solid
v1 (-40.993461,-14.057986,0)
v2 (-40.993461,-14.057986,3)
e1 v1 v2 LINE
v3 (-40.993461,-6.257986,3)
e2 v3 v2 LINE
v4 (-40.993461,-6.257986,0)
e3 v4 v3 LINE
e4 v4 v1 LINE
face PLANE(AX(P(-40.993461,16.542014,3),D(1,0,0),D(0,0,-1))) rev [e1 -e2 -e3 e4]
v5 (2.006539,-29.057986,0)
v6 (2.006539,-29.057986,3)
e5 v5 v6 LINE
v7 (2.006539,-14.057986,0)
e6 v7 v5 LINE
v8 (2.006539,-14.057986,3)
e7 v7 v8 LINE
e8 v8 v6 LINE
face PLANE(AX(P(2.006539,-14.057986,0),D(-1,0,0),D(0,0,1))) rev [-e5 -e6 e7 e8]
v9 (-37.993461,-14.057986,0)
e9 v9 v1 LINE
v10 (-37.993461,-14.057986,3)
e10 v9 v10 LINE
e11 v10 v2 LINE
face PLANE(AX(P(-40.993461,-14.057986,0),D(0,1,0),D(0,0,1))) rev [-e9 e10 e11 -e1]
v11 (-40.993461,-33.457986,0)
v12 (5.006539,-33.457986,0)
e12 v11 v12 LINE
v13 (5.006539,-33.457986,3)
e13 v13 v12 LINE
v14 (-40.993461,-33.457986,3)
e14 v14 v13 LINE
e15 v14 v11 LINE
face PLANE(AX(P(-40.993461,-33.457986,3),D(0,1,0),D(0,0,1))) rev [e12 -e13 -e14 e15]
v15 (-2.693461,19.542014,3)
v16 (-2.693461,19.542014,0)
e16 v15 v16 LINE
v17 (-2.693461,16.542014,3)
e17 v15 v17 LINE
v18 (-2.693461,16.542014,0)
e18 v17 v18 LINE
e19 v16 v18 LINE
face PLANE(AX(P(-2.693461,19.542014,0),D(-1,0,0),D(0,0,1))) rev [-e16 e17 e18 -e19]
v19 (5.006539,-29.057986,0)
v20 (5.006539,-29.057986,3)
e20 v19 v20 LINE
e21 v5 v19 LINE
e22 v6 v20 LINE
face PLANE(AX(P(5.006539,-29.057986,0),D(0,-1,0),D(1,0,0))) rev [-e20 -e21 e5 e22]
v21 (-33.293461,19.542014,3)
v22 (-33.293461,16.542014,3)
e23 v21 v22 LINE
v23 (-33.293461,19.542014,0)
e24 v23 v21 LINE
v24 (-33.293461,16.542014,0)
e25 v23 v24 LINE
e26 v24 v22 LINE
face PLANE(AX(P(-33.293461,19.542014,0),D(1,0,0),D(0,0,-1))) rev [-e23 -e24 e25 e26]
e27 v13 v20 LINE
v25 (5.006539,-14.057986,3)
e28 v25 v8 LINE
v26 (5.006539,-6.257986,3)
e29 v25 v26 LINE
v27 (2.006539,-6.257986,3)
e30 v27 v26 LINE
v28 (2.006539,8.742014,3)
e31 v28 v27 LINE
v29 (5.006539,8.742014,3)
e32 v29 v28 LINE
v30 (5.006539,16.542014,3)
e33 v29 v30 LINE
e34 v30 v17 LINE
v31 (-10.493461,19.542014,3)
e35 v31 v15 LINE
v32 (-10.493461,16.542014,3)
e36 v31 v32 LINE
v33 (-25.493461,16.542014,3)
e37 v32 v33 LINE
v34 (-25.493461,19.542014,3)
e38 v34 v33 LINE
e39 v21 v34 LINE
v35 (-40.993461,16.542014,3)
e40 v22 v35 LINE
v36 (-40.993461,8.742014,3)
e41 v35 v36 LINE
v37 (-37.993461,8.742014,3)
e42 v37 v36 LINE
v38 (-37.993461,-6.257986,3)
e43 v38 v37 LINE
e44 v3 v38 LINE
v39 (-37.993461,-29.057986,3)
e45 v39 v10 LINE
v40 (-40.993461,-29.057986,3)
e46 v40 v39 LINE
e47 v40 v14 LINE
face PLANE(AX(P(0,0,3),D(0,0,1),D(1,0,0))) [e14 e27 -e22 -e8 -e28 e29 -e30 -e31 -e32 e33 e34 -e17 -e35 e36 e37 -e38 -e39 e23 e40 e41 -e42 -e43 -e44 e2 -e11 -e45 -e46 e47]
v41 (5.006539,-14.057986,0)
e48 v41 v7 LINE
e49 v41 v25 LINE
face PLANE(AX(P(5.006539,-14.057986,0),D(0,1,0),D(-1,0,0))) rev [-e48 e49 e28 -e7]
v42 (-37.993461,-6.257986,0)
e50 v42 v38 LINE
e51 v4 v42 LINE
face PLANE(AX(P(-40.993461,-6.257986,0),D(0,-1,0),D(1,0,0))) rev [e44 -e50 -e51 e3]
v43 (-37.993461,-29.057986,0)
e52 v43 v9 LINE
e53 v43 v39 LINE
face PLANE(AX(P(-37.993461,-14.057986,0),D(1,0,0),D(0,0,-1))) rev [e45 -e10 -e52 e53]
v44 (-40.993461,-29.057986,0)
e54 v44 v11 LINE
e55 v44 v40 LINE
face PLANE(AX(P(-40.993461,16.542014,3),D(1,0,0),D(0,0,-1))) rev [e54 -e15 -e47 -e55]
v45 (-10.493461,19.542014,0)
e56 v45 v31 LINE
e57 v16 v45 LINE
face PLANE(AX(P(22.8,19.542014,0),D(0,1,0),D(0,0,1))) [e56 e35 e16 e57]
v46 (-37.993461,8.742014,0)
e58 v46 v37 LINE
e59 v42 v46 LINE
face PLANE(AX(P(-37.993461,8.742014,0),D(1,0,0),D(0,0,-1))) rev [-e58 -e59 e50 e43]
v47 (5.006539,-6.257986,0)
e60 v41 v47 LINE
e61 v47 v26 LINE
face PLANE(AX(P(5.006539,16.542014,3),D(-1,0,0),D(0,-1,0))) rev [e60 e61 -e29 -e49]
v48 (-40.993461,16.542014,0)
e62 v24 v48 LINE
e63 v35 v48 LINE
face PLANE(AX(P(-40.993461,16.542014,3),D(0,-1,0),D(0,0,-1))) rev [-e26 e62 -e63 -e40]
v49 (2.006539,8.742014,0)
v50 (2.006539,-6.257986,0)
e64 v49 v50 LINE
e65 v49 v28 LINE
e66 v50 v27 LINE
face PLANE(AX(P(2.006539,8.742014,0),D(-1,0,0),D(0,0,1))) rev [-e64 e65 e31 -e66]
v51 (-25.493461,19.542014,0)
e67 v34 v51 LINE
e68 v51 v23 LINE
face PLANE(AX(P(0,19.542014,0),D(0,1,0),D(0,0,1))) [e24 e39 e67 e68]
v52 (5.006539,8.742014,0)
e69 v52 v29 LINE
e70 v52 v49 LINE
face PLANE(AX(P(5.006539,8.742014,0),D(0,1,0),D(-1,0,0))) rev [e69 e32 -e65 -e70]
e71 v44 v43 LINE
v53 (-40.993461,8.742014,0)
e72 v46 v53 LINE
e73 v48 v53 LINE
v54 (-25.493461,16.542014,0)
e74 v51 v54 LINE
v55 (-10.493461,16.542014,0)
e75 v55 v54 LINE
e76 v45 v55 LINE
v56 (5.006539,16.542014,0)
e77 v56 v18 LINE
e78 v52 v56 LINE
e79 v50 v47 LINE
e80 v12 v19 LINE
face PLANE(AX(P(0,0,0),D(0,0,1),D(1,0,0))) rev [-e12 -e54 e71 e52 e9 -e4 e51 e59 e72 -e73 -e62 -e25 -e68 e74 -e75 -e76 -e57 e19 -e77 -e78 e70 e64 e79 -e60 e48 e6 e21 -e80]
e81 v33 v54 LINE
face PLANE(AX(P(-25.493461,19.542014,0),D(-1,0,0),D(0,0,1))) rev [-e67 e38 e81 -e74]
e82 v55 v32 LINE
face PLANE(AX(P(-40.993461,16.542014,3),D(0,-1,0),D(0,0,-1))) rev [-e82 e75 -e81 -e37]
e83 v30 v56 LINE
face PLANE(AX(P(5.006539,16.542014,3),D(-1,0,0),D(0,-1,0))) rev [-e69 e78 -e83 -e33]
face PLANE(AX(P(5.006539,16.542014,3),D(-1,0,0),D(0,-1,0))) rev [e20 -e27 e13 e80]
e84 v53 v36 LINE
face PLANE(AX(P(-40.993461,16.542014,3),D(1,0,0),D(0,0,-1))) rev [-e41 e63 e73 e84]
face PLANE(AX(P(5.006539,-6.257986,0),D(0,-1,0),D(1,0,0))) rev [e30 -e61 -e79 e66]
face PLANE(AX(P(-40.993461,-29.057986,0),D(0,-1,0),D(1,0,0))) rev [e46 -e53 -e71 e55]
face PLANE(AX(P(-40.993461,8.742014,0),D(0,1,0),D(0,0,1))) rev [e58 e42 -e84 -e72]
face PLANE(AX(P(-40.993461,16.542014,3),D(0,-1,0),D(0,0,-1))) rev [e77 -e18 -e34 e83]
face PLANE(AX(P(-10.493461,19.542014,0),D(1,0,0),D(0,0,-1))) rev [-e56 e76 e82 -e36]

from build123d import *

# Parameters (mm, degrees)
SKETCH1_W           = 46
SKETCH1_H           = 50
BOSS_EXTRUDE1_DEPTH = 3
SKETCH2_W           = 3
SKETCH2_H           = 15
CUT_EXTRUDE1_DEPTH  = 53.999062732
LPATTERN1_COUNT     = 3
LPATTERN1_PITCH     = 22.8
SKETCH3_W           = 7.8
SKETCH3_H           = 3
BOSS_EXTRUDE2_DEPTH = 3
LPATTERN2_COUNT     = 2
LPATTERN2_PITCH     = 22.8


with BuildPart() as part:
    # Sketch1 → Boss-Extrude1 (new body)
    with BuildSketch(Plane.XY):
        with Locations((-17.993460648, -8.457986111)):
            Rectangle(SKETCH1_W, SKETCH1_H)
    extrude(amount=BOSS_EXTRUDE1_DEPTH)

    # Sketch2 → Cut-Extrude1 (cut, through all)
    with BuildSketch(Plane.XY.offset(3)):
        with Locations((-39.493460648, 1.242013889)):
            Rectangle(SKETCH2_W, SKETCH2_H)
        with Locations((3.506539352, 1.242013889)):
            Rectangle(SKETCH2_W, SKETCH2_H)
    cut_extrude1 = extrude(amount=-CUT_EXTRUDE1_DEPTH, mode=Mode.SUBTRACT)

    # LPattern1: Cut-Extrude1 ×3
    with Locations(*[(0, -i * LPATTERN1_PITCH, 0) for i in range(1, LPATTERN1_COUNT)]):
        add(cut_extrude1, mode=Mode.SUBTRACT)

    # Sketch3 → Boss-Extrude2 (add)
    with BuildSketch(Plane(origin=(0, 16.542013889, 0), x_dir=(1, 0, 0), z_dir=(0, 1, 0))):
        with Locations((-29.393460648, -1.5)):
            Rectangle(SKETCH3_W, SKETCH3_H)
    boss_extrude2 = extrude(amount=BOSS_EXTRUDE2_DEPTH)

    # LPattern2: Boss-Extrude2 ×2
    with Locations(*[(i * LPATTERN2_PITCH, 0, 0) for i in range(1, LPATTERN2_COUNT)]):
        add(boss_extrude2)


solid = part.part
